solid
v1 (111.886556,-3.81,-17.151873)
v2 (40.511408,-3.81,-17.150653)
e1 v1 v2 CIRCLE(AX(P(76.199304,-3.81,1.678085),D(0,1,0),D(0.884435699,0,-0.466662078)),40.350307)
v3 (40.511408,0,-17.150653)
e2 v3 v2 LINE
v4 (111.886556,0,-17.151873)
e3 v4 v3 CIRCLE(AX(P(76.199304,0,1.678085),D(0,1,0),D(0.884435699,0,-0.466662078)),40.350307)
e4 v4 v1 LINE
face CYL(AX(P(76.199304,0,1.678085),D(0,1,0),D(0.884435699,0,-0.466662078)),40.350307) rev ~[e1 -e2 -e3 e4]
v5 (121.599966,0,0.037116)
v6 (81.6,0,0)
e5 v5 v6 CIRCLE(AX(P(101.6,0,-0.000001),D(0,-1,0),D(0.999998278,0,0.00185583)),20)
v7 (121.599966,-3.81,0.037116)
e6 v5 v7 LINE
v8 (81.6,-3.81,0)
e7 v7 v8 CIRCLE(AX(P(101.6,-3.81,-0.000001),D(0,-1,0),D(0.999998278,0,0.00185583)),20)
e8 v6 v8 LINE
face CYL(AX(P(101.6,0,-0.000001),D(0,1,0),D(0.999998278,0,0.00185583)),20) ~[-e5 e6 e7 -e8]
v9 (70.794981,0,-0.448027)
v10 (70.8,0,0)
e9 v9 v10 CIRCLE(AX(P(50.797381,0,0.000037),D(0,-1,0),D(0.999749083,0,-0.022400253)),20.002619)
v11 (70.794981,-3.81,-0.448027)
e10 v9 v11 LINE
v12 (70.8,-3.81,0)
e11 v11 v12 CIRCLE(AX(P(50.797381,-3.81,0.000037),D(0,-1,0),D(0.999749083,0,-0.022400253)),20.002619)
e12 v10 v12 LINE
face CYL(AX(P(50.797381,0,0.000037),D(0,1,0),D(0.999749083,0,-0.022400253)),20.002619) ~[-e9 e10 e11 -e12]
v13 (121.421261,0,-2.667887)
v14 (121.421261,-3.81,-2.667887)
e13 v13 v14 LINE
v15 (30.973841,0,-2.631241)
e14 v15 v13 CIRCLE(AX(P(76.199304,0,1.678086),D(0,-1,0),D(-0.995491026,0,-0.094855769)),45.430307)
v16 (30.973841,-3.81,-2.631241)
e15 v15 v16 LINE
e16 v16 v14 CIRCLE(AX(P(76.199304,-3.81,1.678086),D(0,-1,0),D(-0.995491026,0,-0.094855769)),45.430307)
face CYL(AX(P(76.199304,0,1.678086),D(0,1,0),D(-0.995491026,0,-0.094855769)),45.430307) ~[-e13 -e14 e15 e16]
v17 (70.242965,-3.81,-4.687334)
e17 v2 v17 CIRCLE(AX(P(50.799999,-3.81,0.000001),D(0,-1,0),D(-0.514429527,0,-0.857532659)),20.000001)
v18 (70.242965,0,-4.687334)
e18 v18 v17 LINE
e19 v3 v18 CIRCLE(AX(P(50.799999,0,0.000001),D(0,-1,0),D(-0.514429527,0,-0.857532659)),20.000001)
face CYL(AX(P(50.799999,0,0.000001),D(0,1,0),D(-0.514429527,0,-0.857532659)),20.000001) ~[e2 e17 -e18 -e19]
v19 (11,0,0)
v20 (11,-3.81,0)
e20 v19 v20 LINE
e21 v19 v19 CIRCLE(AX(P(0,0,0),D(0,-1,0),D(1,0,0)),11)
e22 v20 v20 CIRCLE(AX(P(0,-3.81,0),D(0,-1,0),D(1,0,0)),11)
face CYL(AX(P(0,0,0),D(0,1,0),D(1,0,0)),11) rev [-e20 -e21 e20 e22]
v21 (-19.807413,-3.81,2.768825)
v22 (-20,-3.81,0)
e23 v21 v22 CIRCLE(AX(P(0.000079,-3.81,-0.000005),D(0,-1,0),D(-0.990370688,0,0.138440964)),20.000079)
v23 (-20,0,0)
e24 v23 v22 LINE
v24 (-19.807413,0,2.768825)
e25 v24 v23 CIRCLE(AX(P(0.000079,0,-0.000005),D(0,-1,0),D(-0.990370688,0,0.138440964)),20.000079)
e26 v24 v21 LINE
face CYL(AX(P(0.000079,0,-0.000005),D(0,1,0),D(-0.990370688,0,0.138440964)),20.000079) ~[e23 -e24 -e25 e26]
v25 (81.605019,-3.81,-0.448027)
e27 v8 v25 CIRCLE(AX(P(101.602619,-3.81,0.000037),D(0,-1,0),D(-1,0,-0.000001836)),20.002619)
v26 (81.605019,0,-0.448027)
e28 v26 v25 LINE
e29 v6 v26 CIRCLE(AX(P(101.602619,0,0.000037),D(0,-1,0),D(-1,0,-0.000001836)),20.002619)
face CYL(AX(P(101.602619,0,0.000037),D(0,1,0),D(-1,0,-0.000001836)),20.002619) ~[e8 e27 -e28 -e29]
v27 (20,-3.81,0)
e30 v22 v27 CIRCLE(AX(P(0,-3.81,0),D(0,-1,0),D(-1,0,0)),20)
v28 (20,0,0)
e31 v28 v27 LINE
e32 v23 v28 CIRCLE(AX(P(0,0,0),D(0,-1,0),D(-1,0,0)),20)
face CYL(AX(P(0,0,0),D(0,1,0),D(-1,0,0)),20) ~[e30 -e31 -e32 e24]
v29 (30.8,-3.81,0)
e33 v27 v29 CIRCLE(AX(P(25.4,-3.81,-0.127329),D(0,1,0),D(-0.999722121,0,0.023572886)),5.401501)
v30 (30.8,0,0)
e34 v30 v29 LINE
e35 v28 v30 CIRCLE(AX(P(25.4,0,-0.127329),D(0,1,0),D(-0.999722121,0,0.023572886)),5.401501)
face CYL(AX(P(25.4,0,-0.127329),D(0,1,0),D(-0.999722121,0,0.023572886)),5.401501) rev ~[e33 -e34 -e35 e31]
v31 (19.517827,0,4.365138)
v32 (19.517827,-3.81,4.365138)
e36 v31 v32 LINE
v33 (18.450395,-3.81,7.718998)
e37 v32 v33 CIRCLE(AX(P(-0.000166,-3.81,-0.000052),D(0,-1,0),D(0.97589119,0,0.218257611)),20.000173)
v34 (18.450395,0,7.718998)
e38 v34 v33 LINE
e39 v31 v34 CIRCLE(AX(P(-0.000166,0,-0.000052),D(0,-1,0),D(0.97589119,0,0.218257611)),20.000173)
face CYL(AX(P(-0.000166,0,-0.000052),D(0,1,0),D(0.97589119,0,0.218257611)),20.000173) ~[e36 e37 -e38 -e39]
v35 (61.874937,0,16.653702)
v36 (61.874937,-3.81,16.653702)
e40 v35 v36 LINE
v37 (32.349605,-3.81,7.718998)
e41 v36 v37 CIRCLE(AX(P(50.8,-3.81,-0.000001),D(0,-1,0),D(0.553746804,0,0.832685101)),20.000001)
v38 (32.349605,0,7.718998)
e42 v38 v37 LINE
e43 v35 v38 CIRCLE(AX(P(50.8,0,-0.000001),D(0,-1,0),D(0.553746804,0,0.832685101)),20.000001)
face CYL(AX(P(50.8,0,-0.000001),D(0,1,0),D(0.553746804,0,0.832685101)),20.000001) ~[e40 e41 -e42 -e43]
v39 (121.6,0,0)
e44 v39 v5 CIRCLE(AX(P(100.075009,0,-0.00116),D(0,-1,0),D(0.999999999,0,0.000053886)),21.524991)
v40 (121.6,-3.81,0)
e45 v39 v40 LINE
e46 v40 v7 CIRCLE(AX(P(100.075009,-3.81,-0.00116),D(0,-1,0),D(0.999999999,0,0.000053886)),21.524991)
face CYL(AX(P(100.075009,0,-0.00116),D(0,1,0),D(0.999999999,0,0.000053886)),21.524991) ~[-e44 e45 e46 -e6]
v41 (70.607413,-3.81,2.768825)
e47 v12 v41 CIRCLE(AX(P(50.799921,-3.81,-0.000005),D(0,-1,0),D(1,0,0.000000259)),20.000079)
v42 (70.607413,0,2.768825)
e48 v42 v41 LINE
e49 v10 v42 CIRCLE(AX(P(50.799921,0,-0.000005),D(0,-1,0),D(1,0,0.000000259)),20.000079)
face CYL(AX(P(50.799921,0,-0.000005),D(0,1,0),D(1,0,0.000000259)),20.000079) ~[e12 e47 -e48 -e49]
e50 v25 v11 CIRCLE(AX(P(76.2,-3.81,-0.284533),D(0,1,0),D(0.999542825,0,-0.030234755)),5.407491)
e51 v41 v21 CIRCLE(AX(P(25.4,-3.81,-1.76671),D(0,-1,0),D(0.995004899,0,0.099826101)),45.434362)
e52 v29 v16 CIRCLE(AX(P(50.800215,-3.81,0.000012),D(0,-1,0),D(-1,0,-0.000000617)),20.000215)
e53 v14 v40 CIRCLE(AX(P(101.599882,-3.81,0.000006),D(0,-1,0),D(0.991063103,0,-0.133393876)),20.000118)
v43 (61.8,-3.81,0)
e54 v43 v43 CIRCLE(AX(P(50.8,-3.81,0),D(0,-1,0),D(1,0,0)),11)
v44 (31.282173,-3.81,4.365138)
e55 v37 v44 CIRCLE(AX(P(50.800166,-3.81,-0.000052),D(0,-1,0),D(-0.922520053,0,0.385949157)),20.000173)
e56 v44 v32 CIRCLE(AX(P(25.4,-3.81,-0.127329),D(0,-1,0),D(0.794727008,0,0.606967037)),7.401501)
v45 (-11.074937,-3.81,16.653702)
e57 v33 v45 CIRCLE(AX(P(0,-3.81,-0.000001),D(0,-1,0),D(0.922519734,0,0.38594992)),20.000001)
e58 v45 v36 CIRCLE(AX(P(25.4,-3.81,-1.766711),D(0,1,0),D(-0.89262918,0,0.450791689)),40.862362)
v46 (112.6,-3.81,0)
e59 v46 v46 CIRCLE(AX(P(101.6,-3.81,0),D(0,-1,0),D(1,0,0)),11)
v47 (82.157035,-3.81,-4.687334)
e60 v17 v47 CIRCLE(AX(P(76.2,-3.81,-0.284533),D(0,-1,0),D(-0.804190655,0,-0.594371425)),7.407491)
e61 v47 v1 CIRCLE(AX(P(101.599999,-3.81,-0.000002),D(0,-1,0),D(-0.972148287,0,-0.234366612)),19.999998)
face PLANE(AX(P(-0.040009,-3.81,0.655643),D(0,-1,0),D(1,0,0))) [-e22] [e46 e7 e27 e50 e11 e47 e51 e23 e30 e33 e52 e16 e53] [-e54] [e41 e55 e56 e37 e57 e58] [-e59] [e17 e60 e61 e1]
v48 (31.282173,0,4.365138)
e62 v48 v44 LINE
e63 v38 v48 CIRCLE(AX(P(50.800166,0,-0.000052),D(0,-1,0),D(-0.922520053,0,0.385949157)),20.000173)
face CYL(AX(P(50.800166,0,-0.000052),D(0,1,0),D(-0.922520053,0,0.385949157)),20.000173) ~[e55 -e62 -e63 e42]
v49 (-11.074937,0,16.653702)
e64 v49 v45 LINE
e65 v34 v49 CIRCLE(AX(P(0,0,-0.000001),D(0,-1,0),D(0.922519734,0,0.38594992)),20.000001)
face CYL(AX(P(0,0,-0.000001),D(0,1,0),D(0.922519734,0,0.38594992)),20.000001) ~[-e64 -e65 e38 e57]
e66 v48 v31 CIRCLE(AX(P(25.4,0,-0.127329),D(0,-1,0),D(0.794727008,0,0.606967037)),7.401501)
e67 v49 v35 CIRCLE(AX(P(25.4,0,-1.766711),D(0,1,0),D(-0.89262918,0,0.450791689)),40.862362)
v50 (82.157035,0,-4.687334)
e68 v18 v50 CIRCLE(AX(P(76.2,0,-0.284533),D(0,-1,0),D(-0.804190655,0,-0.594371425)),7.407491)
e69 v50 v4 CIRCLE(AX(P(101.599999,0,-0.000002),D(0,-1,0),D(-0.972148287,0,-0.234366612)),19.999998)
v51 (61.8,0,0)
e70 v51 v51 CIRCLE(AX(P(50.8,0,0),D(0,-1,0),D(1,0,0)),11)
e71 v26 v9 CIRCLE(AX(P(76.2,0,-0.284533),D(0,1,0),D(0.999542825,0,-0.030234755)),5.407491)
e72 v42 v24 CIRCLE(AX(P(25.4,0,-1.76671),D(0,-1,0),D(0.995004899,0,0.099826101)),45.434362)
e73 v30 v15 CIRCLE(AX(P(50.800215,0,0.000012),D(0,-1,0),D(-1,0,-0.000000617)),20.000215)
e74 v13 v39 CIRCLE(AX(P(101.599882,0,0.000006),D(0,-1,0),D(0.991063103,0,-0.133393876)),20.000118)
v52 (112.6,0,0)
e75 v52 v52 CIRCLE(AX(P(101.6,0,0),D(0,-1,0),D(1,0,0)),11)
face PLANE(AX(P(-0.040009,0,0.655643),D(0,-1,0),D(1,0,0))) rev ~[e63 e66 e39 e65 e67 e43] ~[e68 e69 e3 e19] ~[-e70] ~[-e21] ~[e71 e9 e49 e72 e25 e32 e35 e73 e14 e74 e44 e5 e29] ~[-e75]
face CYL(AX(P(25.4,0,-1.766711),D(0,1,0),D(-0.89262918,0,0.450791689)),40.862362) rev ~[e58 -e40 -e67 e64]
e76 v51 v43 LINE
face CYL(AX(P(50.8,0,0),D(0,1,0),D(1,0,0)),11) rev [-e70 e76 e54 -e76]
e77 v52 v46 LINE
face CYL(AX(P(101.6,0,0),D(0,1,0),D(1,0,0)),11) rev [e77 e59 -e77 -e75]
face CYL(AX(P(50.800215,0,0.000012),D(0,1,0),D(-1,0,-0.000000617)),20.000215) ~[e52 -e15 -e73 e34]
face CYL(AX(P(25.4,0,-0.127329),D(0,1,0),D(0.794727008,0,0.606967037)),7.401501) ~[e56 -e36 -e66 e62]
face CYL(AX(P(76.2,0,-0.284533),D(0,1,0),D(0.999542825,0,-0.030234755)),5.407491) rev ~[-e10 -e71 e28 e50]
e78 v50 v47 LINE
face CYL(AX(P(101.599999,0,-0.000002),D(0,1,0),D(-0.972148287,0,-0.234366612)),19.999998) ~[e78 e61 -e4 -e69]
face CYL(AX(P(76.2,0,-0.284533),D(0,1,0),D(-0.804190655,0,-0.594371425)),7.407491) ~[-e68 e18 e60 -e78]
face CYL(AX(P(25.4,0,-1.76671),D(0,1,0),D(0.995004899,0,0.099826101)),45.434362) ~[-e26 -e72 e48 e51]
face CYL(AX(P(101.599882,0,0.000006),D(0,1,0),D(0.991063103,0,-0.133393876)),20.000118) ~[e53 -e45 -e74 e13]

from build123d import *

# Parameters (mm, degrees)
F0_R     = 11
F1_DEPTH = 3.81


with BuildPart() as f1:
    # F0 (on Front) → F1 (new body)
    with BuildSketch(Plane.XZ):
        with BuildLine():
            ThreePointArc((-19.807413, 2.768825), (-19.924854, 1.385883), (-20, 0))
            ThreePointArc((-20, 0), (0, -20), (20, 0))
            ThreePointArc((20, 0), (19.879091, 2.195844), (19.517827, 4.365138))
            ThreePointArc((19.517827, 4.365138), (19.058031, 6.065594), (18.450395, 7.718998))
            ThreePointArc((18.450395, 7.718998), (5.792804, 19.142712), (-11.074937, 16.653702))
            ThreePointArc((-11.074937, 16.653702), (-16.930072, 10.64766), (-19.807413, 2.768825))
        make_face()
        Circle(F0_R, mode=Mode.SUBTRACT)
        with BuildLine():
            ThreePointArc((-19.807413, 2.768825), (-19.951795, 1.387757), (-20, 0))
            ThreePointArc((-20, 0), (-19.924854, 1.385883), (-19.807413, 2.768825))
        make_face()
        with BuildLine():
            ThreePointArc((19.517827, 4.365138), (19.879091, 2.195844), (20, 0))
            ThreePointArc((20, 0), (25.4, 5.274172), (30.8, 0))
            ThreePointArc((30.8, 0), (30.920909, 2.195844), (31.282173, 4.365138))
            ThreePointArc((31.282173, 4.365138), (25.4, 7.274172), (19.517827, 4.365138))
        make_face()
        with BuildLine():
            ThreePointArc((70.607413, 2.768825), (25.4, 43.667652), (-19.807413, 2.768825))
            ThreePointArc((-19.807413, 2.768825), (-16.930072, 10.64766), (-11.074937, 16.653702))
            ThreePointArc((-11.074937, 16.653702), (25.4, 39.095651), (61.874937, 16.653702))
            ThreePointArc((61.874937, 16.653702), (67.730072, 10.64766), (70.607413, 2.768825))
        make_face()
        with BuildLine():
            ThreePointArc((30.973841, -2.631241), (30.867825, -1.316882), (30.8, 0))
            ThreePointArc((30.8, 0), (30.843508, -1.318489), (30.973841, -2.631241))
        make_face()
        with BuildLine():
            ThreePointArc((31.282173, 4.365138), (30.920909, 2.195844), (30.8, 0))
            ThreePointArc((30.8, 0), (30.867825, -1.316882), (30.973841, -2.631241))
            ThreePointArc((30.973841, -2.631241), (34.083904, -10.980534), (40.511408, -17.150653))
            ThreePointArc((40.511408, -17.150653), (37.221318, -8.755701), (35.877555, 0.160252))
            ThreePointArc((35.877555, 0.160252), (34.897902, 4.305697), (32.349605, 7.718998))
            ThreePointArc((32.349605, 7.718998), (31.741969, 6.065594), (31.282173, 4.365138))
        make_face()
        with BuildLine():
            ThreePointArc((70.8, 0), (70.724854, 1.385883), (70.607413, 2.768825))
            ThreePointArc((70.607413, 2.768825), (67.730072, 10.64766), (61.874937, 16.653702))
            ThreePointArc((61.874937, 16.653702), (45.007196, 19.142712), (32.349605, 7.718998))
            ThreePointArc((32.349605, 7.718998), (34.897902, 4.305697), (35.877555, 0.160252))
            ThreePointArc((35.877555, 0.160252), (37.221318, -8.755701), (40.511408, -17.150653))
            ThreePointArc((40.511408, -17.150653), (58.532025, -18.444939), (70.242965, -4.687334))
            ThreePointArc((70.242965, -4.687334), (70.63257, -2.582473), (70.794981, -0.448027))
            ThreePointArc((70.794981, -0.448027), (70.792848, -0.223962), (70.8, 0))
        make_face()
        with Locations((50.8, 0)):
            Circle(F0_R, mode=Mode.SUBTRACT)
        with BuildLine():
            ThreePointArc((70.8, 0), (70.751795, 1.387757), (70.607413, 2.768825))
            ThreePointArc((70.607413, 2.768825), (70.724854, 1.385883), (70.8, 0))
        make_face()
        with BuildLine():
            ThreePointArc((40.511408, -17.150653), (34.083904, -10.980534), (30.973841, -2.631241))
            ThreePointArc((30.973841, -2.631241), (76.180898, -43.752218), (121.421261, -2.667887))
            ThreePointArc((121.421261, -2.667887), (118.305287, -10.996971), (111.886556, -17.151873))
            ThreePointArc((111.886556, -17.151873), (76.198614, -38.672222), (40.511408, -17.150653))
        make_face()
        with BuildLine():
            ThreePointArc((70.794981, -0.448027), (70.798745, -0.224028), (70.8, 0))
            ThreePointArc((70.8, 0), (70.792848, -0.223962), (70.794981, -0.448027))
        make_face()
        with BuildLine():
            ThreePointArc((121.599966, 0.037116), (121.530794, -1.316719), (121.421261, -2.667887))
            ThreePointArc((121.421261, -2.667887), (121.555265, -1.336934), (121.6, 0))
            ThreePointArc((121.6, 0), (121.599991, 0.018558), (121.599966, 0.037116))
        make_face()
        with BuildLine():
            ThreePointArc((111.886556, -17.151873), (118.305287, -10.996971), (121.421261, -2.667887))
            ThreePointArc((121.421261, -2.667887), (121.530794, -1.316719), (121.599966, 0.037116))
            ThreePointArc((121.599966, 0.037116), (101.581442, 19.999991), (81.6, 0))
            ThreePointArc((81.6, 0), (81.607152, -0.223962), (81.605019, -0.448027))
            ThreePointArc((81.605019, -0.448027), (81.76743, -2.582473), (82.157035, -4.687334))
            ThreePointArc((82.157035, -4.687334), (93.86688, -18.444481), (111.886556, -17.151873))
        make_face()
        with Locations((101.6, 0)):
            Circle(F0_R, mode=Mode.SUBTRACT)
        with BuildLine():
            ThreePointArc((81.605019, -0.448027), (76.2, -5.692024), (70.794981, -0.448027))
            ThreePointArc((70.794981, -0.448027), (70.63257, -2.582473), (70.242965, -4.687334))
            ThreePointArc((70.242965, -4.687334), (76.2, -7.692024), (82.157035, -4.687334))
            ThreePointArc((82.157035, -4.687334), (81.76743, -2.582473), (81.605019, -0.448027))
        make_face()
        with BuildLine():
            ThreePointArc((81.6, 0), (81.601255, -0.224028), (81.605019, -0.448027))
            ThreePointArc((81.605019, -0.448027), (81.607152, -0.223962), (81.6, 0))
        make_face()
    extrude(amount=F1_DEPTH)


solid = f1.part
